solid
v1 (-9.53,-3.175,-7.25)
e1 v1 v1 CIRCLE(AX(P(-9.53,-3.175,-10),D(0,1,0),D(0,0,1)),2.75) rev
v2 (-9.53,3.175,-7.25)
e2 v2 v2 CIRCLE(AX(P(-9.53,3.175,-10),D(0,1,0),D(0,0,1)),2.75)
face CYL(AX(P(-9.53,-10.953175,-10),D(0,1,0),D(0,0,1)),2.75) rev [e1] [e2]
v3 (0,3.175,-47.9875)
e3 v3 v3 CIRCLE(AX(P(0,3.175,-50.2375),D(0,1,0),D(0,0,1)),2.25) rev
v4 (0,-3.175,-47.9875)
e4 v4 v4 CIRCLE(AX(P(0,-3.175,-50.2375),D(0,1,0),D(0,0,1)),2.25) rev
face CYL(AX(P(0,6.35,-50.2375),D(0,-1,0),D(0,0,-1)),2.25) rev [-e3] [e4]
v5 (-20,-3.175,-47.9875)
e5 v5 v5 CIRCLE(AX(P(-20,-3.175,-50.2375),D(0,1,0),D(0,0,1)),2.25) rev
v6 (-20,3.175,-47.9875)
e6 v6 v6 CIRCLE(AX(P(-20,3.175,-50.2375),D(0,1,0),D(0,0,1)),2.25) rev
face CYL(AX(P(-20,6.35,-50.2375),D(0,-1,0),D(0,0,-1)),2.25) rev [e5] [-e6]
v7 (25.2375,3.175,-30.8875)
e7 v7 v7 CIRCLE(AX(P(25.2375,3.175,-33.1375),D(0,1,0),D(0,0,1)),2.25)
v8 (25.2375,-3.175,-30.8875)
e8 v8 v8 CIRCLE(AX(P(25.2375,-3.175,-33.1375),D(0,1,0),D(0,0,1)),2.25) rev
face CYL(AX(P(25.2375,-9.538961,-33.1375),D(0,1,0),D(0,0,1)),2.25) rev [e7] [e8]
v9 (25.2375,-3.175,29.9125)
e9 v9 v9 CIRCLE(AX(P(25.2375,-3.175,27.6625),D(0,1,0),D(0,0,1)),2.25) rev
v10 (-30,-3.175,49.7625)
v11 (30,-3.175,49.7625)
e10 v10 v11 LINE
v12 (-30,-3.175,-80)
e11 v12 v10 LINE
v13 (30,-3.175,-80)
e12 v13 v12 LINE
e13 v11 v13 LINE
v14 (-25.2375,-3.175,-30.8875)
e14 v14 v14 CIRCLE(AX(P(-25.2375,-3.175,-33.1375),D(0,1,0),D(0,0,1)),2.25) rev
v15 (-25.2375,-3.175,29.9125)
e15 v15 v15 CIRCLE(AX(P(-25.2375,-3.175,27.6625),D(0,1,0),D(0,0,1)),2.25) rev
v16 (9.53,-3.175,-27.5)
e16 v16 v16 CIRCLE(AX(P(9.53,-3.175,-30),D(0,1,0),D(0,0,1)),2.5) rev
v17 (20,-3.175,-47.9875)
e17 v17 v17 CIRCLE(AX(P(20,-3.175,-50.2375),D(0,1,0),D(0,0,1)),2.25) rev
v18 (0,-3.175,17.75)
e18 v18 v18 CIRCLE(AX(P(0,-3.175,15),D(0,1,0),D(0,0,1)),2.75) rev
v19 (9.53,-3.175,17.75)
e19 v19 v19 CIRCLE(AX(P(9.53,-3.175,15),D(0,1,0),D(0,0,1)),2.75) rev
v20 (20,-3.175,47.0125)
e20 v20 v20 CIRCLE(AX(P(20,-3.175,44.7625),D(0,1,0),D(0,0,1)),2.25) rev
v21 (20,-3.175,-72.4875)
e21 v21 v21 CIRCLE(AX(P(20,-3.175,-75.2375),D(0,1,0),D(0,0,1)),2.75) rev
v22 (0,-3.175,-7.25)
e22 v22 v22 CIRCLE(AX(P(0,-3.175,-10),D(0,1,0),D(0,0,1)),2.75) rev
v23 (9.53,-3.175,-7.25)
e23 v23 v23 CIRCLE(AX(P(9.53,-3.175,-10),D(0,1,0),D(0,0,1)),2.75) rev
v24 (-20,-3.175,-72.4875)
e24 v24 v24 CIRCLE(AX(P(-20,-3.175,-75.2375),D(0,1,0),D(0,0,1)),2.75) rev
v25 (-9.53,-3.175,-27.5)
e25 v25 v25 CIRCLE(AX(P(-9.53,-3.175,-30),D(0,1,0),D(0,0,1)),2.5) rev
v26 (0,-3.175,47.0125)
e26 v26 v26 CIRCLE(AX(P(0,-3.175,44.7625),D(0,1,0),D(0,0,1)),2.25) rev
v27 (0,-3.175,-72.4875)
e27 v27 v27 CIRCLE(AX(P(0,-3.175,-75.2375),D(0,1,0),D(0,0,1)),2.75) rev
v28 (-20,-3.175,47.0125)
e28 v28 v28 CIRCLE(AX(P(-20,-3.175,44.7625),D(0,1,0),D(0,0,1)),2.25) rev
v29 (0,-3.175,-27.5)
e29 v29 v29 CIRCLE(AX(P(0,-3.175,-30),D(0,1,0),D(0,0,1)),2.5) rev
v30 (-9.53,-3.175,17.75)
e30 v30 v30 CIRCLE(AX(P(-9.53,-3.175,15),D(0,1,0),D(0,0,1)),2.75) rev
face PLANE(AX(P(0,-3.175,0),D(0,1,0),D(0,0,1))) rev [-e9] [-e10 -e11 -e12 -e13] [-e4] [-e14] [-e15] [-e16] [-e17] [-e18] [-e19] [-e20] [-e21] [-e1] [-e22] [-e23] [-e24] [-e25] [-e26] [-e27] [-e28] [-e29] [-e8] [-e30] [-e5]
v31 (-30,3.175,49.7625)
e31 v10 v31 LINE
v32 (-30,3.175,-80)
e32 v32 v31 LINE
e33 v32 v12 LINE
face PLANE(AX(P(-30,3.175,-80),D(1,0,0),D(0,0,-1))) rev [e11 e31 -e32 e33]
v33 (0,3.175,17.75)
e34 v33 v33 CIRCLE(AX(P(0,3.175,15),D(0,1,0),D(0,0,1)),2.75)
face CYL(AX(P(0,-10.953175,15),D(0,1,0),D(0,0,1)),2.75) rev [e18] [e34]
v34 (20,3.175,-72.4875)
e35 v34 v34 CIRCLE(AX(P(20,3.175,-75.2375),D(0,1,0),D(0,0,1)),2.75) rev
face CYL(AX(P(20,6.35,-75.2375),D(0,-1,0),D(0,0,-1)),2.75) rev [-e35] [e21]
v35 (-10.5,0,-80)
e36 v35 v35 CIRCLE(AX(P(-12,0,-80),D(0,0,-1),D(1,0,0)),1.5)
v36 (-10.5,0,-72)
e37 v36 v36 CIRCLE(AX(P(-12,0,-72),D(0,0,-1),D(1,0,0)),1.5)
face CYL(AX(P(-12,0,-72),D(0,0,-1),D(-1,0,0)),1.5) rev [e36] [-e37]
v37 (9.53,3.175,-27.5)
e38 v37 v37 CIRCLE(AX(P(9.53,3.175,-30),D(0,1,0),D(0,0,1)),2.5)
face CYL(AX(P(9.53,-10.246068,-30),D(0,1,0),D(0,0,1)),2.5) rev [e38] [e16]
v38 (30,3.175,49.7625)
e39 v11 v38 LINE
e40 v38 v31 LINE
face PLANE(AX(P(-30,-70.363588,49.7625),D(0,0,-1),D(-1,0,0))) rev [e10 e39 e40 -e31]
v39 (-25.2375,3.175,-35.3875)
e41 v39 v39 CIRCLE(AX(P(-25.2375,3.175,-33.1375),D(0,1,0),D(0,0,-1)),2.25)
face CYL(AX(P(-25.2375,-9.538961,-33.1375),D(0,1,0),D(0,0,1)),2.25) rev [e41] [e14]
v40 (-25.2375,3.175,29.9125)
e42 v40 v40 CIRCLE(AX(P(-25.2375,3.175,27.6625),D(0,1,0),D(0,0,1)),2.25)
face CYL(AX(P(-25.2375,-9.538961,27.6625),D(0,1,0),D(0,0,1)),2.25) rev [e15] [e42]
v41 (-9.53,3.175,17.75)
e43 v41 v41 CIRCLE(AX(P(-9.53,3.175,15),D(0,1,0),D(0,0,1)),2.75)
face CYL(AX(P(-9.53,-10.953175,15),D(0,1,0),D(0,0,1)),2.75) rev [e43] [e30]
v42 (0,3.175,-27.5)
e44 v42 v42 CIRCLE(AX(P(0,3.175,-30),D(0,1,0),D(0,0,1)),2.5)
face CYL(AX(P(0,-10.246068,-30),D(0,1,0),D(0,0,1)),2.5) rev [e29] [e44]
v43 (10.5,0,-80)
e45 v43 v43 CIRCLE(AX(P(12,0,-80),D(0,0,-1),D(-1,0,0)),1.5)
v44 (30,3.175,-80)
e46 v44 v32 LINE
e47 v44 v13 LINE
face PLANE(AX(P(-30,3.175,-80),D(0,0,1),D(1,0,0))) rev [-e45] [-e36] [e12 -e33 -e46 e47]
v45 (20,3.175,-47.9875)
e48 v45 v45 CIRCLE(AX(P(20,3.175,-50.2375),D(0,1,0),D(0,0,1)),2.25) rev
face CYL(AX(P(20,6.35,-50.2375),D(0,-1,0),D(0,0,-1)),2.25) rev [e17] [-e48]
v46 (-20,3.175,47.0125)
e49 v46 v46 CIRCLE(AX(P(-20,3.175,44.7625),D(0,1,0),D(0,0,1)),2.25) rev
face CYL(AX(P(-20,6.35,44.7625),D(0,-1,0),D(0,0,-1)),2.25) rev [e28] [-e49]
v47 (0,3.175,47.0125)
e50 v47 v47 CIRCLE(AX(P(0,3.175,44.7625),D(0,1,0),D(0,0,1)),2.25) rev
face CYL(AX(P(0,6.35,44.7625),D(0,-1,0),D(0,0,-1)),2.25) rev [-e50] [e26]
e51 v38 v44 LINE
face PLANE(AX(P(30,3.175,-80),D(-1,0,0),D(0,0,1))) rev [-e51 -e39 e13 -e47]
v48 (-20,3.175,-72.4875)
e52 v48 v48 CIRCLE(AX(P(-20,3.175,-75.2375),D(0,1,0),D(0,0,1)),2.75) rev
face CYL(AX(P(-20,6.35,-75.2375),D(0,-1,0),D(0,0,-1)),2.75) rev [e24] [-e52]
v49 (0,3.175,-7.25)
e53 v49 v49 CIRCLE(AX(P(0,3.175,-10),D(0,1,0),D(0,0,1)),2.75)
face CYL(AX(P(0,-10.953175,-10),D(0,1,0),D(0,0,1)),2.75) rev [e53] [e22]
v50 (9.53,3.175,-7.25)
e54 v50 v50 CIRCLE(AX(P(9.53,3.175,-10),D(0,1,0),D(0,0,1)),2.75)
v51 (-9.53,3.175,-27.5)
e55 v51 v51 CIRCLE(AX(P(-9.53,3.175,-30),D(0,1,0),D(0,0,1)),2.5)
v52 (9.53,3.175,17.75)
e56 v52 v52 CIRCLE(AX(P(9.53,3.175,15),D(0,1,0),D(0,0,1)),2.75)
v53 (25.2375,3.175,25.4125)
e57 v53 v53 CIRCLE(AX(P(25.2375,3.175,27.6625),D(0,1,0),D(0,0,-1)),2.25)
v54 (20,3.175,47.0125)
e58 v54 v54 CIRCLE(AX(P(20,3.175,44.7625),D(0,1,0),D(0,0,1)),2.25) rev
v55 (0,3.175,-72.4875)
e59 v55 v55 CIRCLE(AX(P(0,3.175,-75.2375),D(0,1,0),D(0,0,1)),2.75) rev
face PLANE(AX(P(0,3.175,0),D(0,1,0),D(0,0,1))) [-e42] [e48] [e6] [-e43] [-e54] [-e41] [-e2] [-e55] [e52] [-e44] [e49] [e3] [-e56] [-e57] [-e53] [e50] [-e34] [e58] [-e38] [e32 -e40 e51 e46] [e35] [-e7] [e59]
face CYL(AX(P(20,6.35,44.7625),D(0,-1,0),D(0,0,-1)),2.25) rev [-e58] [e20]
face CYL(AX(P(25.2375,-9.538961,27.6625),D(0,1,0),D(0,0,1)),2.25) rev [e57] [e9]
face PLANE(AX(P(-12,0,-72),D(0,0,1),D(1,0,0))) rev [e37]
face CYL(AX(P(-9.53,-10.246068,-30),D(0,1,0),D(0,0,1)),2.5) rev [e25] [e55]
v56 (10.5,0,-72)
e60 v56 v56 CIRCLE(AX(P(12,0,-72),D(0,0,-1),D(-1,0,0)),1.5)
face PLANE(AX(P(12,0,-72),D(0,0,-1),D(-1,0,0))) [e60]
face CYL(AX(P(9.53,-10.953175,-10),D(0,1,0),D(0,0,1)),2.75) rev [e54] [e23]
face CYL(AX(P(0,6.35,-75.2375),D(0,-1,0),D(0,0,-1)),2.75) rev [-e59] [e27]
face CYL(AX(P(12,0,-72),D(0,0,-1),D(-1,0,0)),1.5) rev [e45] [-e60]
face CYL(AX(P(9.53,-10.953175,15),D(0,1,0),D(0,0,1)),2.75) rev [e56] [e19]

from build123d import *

# Parameters (mm, degrees)
SKETCH1_W               = 60
SKETCH1_H               = 160
BOSS_EXTRUDE1_DEPTH     = 3.175
M4_5_THROUGH_DEPTH      = 6.35
M4_5_THROUGH_DEPTH_BACK = 3.175
SKETCH3_R               = 2.75
SKETCH3_R_2             = 2.25
SKETCH4_R               = 1.5
M3_DRILL_DEPTH          = 8
SKETCH5_R               = 2.25
M4_THROUGH_DEPTH        = 6.35
SKETCH6_R               = 2.5
M5_DRILL_DEPTH          = 6.35
SKETCH7_R               = 2.75
M5_THROUGH_DEPTH        = 6.35
SKETCH8_W               = 60
SKETCH8_H               = 30.2375
CUT_EXTRUDE3_DEPTH      = 6.35


with BuildPart() as part:
    # Sketch1 → Boss-Extrude1 (new, symmetric)
    with BuildSketch(Plane(origin=(0, 0, 0), x_dir=(1, 0, 0), z_dir=(0, 1, 0))):
        Rectangle(SKETCH1_W, SKETCH1_H)
    extrude(amount=BOSS_EXTRUDE1_DEPTH, both=True)

    # Sketch3 → M4/5_through (cut, two sides: drawn at the far end of the back side and taken through both)
    with BuildSketch(Plane(origin=(0, 0, 0), x_dir=(1, 0, 0), z_dir=(0, 1, 0)).offset(-M4_5_THROUGH_DEPTH_BACK)):
        with Locations(Location((20, 75.2375, 0), (0, 0, 270))):
            Circle(SKETCH3_R)
        with Locations(Location((20, 50.2375, 0), (0, 0, 270))):
            Circle(SKETCH3_R_2)
        with Locations(Location((-20, 50.2375, 0), (0, 0, 270))):
            Circle(SKETCH3_R_2)
        with Locations(Location((-20, 75.2375, 0), (0, 0, 270))):
            Circle(SKETCH3_R)
        with Locations(Location((0, 75.2375, 0), (0, 0, 270))):
            Circle(SKETCH3_R)
        with Locations(Location((0, 50.2375, 0), (0, 0, 270))):
            Circle(SKETCH3_R_2)
        with Locations(Location((20, -44.7625, 0), (0, 0, 270))):
            Circle(SKETCH3_R_2)
        with Locations(Location((-20, -44.7625, 0), (0, 0, 270))):
            Circle(SKETCH3_R_2)
        with Locations(Location((0, -44.7625, 0), (0, 0, 270))):
            Circle(SKETCH3_R_2)
    extrude(amount=M4_5_THROUGH_DEPTH + M4_5_THROUGH_DEPTH_BACK, mode=Mode.SUBTRACT)

    # Sketch4 → M3_DRILL (cut)
    with BuildSketch(Plane(origin=(0, 0, -80), x_dir=(-1, 0, 0), z_dir=(0, 0, -1))):
        with Locations((-12, 0)):
            Circle(SKETCH4_R)
        with Locations(Location((12, 0, 0), (0, 0, 180))):
            Circle(SKETCH4_R)
    extrude(amount=-M3_DRILL_DEPTH, mode=Mode.SUBTRACT)

    # Sketch5 → M4_through (cut)
    with BuildSketch(Plane(origin=(0, 3.175, 0), x_dir=(1, 0, 0), z_dir=(0, 1, 0))):
        with Locations(Location((-25.2375, -27.6625, 0), (0, 0, 270))):
            Circle(SKETCH5_R)
        with Locations(Location((25.2375, -27.6625, 0), (0, 0, 270))):
            Circle(SKETCH5_R)
        with Locations(Location((25.2375, 33.1375, 0), (0, 0, 270))):
            Circle(SKETCH5_R)
        with Locations(Location((-25.2375, 33.1375, 0), (0, 0, 270))):
            Circle(SKETCH5_R)
    extrude(amount=-M4_THROUGH_DEPTH, mode=Mode.SUBTRACT)

    # Sketch6 → M5_DRILL (cut)
    with BuildSketch(Plane(origin=(0, 3.175, 0), x_dir=(1, 0, 0), z_dir=(0, 1, 0))):
        with Locations(Location((0, 30, 0), (0, 0, 270))):
            Circle(SKETCH6_R)
        with Locations(Location((9.53, 30, 0), (0, 0, 270))):
            Circle(SKETCH6_R)
        with Locations(Location((-9.53, 30, 0), (0, 0, 270))):
            Circle(SKETCH6_R)
    extrude(amount=-M5_DRILL_DEPTH, mode=Mode.SUBTRACT)

    # Sketch7 → M5_through (cut)
    with BuildSketch(Plane(origin=(0, 3.175, 0), x_dir=(1, 0, 0), z_dir=(0, 1, 0))):
        with Locations(Location((0, 10, 0), (0, 0, 270))):
            Circle(SKETCH7_R)
        with Locations(Location((0, -15, 0), (0, 0, 270))):
            Circle(SKETCH7_R)
        with Locations(Location((9.53, 10, 0), (0, 0, 270))):
            Circle(SKETCH7_R)
        with Locations(Location((9.53, -15, 0), (0, 0, 270))):
            Circle(SKETCH7_R)
        with Locations(Location((-9.53, 10, 0), (0, 0, 270))):
            Circle(SKETCH7_R)
        with Locations(Location((-9.53, -15, 0), (0, 0, 270))):
            Circle(SKETCH7_R)
    extrude(amount=-M5_THROUGH_DEPTH, mode=Mode.SUBTRACT)

    # Sketch8 → Cut-Extrude3 (cut)
    with BuildSketch(Plane(origin=(0, 3.175, 0), x_dir=(1, 0, 0), z_dir=(0, 1, 0))):
        with Locations((0, -64.88125)):
            Rectangle(SKETCH8_W, SKETCH8_H)
    extrude(amount=-CUT_EXTRUDE3_DEPTH, mode=Mode.SUBTRACT)


solid = part.part
